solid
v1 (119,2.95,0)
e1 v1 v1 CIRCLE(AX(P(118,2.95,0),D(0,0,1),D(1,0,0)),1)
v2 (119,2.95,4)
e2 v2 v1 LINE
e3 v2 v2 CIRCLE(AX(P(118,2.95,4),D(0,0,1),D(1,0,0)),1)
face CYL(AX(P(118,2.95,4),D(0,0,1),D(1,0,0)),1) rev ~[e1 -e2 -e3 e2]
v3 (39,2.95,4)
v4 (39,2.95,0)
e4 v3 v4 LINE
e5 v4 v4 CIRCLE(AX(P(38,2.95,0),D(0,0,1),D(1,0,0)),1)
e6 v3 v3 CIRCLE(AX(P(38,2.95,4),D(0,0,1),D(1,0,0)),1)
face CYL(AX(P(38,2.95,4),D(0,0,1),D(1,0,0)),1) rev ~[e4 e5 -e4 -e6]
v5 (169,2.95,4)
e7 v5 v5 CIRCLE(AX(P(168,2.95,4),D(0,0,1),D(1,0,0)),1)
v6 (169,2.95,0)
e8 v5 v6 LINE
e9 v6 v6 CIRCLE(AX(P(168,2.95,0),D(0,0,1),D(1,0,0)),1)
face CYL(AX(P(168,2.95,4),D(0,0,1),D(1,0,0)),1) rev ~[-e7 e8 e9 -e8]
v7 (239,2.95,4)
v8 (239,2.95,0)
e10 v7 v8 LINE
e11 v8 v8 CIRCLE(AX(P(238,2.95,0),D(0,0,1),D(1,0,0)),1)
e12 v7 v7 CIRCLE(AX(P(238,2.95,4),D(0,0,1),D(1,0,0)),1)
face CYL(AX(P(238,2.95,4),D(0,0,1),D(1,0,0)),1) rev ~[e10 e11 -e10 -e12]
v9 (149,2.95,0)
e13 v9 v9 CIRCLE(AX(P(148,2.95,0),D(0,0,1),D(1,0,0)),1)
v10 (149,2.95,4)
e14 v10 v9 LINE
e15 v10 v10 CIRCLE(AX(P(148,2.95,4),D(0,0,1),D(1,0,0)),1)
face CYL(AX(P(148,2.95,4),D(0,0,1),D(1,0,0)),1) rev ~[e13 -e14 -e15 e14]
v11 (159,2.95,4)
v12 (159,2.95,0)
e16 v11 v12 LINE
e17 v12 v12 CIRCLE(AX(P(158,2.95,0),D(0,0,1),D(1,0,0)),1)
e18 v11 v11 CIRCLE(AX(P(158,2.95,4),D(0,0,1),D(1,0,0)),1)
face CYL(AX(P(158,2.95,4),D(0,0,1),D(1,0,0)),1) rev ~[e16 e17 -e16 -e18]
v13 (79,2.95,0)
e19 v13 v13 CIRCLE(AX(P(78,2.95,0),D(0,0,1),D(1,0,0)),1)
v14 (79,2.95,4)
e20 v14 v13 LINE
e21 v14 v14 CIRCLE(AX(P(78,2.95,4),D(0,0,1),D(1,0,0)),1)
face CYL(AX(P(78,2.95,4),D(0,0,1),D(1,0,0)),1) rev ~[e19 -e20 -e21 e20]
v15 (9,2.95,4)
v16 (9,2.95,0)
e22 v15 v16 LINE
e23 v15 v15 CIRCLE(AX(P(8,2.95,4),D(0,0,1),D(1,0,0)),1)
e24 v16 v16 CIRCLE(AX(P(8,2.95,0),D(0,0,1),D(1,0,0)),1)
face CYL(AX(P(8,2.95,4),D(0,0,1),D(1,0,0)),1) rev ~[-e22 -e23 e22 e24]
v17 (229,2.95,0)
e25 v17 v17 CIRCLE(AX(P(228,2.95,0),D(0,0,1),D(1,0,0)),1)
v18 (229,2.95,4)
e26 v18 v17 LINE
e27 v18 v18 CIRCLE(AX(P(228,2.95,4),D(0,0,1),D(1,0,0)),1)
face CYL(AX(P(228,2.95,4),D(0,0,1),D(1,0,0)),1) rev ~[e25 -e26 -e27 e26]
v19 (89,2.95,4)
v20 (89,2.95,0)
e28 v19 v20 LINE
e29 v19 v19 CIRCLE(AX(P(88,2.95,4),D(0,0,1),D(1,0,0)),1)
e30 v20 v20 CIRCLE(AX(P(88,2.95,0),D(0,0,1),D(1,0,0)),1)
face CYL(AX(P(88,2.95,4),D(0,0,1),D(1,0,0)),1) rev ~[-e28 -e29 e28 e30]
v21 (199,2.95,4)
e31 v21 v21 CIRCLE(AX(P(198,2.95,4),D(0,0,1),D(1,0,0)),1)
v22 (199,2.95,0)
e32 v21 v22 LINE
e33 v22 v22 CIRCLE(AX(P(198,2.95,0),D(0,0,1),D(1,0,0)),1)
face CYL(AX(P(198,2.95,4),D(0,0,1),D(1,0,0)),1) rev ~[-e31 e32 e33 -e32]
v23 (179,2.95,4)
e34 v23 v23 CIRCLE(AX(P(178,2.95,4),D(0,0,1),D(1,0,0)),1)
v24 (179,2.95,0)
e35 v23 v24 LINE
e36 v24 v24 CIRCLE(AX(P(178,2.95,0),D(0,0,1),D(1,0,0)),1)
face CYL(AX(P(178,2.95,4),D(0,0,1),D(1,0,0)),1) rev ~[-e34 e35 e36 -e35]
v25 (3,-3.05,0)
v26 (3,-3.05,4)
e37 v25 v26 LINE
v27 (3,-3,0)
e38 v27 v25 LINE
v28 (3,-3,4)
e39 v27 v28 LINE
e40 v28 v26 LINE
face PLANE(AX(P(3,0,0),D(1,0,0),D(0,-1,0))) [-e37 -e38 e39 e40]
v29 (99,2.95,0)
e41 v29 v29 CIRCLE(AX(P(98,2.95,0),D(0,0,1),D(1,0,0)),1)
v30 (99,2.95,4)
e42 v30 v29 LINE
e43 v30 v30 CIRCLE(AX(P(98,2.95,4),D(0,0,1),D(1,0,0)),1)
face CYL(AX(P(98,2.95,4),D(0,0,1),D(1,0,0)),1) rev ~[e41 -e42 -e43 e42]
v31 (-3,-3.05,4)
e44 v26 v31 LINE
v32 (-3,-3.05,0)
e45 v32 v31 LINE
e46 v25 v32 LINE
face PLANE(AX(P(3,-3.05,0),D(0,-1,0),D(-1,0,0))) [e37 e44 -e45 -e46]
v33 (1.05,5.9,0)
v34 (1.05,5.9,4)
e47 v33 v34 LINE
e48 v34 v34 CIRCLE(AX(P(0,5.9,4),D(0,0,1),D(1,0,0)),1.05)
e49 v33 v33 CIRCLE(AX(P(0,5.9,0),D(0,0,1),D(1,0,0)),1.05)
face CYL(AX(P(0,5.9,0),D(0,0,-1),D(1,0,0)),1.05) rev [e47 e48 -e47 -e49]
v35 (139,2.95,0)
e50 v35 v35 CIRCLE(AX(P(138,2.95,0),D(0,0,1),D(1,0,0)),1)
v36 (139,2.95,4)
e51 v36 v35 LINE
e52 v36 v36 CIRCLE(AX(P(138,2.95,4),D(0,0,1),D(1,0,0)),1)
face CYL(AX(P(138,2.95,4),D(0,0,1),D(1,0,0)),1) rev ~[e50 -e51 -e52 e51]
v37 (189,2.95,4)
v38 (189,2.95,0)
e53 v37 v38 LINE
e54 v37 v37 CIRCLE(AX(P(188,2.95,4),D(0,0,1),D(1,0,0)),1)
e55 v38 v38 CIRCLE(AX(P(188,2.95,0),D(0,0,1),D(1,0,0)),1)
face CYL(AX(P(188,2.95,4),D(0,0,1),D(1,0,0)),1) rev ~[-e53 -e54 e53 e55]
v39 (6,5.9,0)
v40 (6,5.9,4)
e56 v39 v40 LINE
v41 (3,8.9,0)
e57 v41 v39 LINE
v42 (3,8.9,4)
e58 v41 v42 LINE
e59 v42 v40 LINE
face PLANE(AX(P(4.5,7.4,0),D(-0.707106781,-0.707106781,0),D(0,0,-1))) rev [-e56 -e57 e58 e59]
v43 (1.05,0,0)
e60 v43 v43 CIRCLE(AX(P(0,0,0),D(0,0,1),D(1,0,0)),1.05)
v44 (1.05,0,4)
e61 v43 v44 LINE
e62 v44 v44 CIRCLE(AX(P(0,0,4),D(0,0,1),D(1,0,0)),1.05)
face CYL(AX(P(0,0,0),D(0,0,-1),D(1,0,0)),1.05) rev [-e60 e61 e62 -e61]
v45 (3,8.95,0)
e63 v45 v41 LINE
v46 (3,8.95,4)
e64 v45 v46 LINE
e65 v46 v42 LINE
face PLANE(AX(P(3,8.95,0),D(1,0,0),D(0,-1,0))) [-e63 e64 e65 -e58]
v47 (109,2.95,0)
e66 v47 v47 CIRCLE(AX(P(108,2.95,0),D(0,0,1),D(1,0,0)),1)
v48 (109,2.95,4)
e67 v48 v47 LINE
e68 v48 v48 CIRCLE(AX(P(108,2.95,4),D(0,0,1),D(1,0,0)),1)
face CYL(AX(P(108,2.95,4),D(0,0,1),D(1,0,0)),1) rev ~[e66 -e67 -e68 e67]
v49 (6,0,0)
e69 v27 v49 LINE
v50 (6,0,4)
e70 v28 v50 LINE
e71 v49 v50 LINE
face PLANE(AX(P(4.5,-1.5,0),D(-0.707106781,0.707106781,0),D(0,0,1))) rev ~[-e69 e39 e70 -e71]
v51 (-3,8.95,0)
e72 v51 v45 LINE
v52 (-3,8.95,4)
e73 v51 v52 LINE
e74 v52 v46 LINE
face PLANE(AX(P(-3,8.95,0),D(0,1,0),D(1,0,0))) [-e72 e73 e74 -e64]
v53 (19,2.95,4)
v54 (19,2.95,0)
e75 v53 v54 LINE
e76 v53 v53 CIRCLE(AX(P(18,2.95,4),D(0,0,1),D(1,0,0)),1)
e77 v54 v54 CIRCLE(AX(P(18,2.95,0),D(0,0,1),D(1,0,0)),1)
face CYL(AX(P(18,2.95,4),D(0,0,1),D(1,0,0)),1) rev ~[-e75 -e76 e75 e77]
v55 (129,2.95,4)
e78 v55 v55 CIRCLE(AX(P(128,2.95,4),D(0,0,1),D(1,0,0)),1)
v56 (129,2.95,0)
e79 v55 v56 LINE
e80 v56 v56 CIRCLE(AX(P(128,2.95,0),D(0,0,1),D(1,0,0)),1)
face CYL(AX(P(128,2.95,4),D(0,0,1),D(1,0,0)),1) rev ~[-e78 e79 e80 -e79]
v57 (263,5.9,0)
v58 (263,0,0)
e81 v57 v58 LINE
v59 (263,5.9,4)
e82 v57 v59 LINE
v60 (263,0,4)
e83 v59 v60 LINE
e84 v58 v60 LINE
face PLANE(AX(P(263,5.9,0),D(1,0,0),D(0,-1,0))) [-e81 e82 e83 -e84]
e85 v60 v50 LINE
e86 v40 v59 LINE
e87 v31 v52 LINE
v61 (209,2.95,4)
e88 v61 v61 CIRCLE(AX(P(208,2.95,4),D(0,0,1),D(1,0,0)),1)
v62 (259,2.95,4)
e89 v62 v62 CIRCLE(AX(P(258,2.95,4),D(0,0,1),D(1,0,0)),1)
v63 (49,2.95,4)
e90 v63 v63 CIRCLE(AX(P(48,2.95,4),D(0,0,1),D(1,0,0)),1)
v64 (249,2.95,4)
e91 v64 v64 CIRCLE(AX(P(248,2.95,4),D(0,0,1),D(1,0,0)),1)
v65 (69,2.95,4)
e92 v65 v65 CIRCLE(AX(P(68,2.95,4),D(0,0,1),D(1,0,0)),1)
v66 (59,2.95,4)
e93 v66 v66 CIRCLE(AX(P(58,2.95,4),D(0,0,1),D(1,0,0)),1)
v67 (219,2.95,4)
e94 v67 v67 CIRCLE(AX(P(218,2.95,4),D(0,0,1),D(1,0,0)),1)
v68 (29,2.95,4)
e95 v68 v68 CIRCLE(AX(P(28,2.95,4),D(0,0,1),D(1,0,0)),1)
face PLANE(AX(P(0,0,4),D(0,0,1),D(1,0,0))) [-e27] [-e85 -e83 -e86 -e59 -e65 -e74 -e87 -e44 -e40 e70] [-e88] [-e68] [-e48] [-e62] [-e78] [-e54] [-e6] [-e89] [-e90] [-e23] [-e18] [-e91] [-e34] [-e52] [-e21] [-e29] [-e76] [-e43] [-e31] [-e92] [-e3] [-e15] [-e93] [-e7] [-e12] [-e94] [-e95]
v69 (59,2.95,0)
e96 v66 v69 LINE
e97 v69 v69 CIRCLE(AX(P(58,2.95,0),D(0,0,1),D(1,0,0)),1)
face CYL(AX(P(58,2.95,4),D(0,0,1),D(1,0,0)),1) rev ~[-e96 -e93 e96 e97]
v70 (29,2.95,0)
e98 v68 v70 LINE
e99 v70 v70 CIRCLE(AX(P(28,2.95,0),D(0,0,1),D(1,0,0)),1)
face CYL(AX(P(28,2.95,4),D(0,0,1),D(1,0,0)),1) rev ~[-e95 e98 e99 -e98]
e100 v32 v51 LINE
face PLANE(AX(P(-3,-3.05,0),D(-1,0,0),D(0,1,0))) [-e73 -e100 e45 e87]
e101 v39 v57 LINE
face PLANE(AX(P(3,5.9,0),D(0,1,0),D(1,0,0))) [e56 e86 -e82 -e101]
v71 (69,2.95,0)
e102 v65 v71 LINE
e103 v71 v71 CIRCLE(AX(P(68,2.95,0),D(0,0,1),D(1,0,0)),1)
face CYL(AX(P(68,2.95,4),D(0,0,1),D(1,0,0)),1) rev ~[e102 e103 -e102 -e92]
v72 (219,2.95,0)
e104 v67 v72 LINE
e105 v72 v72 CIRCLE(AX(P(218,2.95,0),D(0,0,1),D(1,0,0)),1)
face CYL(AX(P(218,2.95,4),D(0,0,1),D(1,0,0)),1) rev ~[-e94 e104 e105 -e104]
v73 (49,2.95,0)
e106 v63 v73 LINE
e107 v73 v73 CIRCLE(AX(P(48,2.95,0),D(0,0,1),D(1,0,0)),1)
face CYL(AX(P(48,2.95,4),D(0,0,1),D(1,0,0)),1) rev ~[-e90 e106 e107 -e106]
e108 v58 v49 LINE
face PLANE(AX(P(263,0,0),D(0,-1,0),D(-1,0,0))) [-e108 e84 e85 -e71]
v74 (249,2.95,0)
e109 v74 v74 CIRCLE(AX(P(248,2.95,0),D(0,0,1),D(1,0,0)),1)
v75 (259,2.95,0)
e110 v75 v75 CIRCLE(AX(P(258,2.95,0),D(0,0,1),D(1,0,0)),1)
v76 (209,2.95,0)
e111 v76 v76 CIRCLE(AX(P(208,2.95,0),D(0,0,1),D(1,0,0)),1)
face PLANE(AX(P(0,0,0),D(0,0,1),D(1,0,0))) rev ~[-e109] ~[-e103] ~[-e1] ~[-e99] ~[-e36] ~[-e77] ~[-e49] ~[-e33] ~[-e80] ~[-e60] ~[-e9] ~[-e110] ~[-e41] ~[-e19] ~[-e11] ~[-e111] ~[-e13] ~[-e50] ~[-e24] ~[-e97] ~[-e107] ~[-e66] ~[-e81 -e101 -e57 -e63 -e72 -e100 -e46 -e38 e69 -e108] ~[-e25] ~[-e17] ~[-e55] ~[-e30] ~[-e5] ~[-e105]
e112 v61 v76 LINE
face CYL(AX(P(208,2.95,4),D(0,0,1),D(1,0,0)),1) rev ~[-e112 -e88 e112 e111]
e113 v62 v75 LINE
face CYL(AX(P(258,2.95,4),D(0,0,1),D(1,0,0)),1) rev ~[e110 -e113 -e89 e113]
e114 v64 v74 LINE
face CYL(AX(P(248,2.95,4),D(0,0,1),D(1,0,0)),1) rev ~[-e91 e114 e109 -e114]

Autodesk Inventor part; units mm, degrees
ref_plane "YZ Plane" through (0, 0, 0) normal (1, 0, 0) x (0, 1, 0)
ref_plane "XZ Plane" through (0, 0, 0) normal (0, 1, 0) x (-1, 0, 0)
ref_plane "XY Plane" through (0, 0, 0) normal (0, 0, 1) x (1, 0, 0)
sketch "Sketch1" plane through (0, 0, 0) normal (0, 0, 1) x (1, 0, 0)
  circle A0 centre (0, 0) radius 1.05
  circle A1 centre (0, 5.9) radius 1.05
  line L0 (-3, 8.95) -> (3, 8.95)
  line L1 (3, 8.95) -> (3, -3.05)
  line L2 (3, -3.05) -> (-3, -3.05)
  line L3 (-3, -3.05) -> (-3, 8.95)
  line L4 (3, 5.9) -> (263, 5.9)
  line L5 (263, 5.9) -> (263, 0)
  line L6 (263, 0) -> (3, 0)
  line L7 (3, 0) -> (3, 5.9)
  point P0 (3, 0)
  dimension "d0" = 2.1
  dimension "d1" = 2.1
  dimension "d2" = 5.9
  dimension "d3" = 3
  dimension "d4" = 3
  dimension "d5" = 12
  dimension "d6" = 3.05
  dimension "d7" = 260
extrude "Extrusion1" add sketch "Sketch1" along normal blind 4
sketch "Sketch2" plane through (0, 0, 4) normal (0, 0, 1) x (1, 0, 0)
  circle A0 centre (8, 2.95) radius 1
  line L0 (-3, 8.95) -> (-3, -3.05) projected
  line L1 (3, 5.9) -> (3, 8.95) projected
  point P0 (0, 0)
  point P1 (-3, 2.95)
  dimension "d10" = 2
  dimension "d11" = 5
extrude "Extrusion2" cut sketch "Sketch2" against normal blind 10
pattern_linear "Rectangular Pattern1" count 26 spacing 10 along (1, 0, 0) of "Extrusion2"
chamfer "Chamfer1" distance 3 angle 45 2 edges at (3, 5.9, 2) (3, 0, 2)
properties part number "Test_feather"
